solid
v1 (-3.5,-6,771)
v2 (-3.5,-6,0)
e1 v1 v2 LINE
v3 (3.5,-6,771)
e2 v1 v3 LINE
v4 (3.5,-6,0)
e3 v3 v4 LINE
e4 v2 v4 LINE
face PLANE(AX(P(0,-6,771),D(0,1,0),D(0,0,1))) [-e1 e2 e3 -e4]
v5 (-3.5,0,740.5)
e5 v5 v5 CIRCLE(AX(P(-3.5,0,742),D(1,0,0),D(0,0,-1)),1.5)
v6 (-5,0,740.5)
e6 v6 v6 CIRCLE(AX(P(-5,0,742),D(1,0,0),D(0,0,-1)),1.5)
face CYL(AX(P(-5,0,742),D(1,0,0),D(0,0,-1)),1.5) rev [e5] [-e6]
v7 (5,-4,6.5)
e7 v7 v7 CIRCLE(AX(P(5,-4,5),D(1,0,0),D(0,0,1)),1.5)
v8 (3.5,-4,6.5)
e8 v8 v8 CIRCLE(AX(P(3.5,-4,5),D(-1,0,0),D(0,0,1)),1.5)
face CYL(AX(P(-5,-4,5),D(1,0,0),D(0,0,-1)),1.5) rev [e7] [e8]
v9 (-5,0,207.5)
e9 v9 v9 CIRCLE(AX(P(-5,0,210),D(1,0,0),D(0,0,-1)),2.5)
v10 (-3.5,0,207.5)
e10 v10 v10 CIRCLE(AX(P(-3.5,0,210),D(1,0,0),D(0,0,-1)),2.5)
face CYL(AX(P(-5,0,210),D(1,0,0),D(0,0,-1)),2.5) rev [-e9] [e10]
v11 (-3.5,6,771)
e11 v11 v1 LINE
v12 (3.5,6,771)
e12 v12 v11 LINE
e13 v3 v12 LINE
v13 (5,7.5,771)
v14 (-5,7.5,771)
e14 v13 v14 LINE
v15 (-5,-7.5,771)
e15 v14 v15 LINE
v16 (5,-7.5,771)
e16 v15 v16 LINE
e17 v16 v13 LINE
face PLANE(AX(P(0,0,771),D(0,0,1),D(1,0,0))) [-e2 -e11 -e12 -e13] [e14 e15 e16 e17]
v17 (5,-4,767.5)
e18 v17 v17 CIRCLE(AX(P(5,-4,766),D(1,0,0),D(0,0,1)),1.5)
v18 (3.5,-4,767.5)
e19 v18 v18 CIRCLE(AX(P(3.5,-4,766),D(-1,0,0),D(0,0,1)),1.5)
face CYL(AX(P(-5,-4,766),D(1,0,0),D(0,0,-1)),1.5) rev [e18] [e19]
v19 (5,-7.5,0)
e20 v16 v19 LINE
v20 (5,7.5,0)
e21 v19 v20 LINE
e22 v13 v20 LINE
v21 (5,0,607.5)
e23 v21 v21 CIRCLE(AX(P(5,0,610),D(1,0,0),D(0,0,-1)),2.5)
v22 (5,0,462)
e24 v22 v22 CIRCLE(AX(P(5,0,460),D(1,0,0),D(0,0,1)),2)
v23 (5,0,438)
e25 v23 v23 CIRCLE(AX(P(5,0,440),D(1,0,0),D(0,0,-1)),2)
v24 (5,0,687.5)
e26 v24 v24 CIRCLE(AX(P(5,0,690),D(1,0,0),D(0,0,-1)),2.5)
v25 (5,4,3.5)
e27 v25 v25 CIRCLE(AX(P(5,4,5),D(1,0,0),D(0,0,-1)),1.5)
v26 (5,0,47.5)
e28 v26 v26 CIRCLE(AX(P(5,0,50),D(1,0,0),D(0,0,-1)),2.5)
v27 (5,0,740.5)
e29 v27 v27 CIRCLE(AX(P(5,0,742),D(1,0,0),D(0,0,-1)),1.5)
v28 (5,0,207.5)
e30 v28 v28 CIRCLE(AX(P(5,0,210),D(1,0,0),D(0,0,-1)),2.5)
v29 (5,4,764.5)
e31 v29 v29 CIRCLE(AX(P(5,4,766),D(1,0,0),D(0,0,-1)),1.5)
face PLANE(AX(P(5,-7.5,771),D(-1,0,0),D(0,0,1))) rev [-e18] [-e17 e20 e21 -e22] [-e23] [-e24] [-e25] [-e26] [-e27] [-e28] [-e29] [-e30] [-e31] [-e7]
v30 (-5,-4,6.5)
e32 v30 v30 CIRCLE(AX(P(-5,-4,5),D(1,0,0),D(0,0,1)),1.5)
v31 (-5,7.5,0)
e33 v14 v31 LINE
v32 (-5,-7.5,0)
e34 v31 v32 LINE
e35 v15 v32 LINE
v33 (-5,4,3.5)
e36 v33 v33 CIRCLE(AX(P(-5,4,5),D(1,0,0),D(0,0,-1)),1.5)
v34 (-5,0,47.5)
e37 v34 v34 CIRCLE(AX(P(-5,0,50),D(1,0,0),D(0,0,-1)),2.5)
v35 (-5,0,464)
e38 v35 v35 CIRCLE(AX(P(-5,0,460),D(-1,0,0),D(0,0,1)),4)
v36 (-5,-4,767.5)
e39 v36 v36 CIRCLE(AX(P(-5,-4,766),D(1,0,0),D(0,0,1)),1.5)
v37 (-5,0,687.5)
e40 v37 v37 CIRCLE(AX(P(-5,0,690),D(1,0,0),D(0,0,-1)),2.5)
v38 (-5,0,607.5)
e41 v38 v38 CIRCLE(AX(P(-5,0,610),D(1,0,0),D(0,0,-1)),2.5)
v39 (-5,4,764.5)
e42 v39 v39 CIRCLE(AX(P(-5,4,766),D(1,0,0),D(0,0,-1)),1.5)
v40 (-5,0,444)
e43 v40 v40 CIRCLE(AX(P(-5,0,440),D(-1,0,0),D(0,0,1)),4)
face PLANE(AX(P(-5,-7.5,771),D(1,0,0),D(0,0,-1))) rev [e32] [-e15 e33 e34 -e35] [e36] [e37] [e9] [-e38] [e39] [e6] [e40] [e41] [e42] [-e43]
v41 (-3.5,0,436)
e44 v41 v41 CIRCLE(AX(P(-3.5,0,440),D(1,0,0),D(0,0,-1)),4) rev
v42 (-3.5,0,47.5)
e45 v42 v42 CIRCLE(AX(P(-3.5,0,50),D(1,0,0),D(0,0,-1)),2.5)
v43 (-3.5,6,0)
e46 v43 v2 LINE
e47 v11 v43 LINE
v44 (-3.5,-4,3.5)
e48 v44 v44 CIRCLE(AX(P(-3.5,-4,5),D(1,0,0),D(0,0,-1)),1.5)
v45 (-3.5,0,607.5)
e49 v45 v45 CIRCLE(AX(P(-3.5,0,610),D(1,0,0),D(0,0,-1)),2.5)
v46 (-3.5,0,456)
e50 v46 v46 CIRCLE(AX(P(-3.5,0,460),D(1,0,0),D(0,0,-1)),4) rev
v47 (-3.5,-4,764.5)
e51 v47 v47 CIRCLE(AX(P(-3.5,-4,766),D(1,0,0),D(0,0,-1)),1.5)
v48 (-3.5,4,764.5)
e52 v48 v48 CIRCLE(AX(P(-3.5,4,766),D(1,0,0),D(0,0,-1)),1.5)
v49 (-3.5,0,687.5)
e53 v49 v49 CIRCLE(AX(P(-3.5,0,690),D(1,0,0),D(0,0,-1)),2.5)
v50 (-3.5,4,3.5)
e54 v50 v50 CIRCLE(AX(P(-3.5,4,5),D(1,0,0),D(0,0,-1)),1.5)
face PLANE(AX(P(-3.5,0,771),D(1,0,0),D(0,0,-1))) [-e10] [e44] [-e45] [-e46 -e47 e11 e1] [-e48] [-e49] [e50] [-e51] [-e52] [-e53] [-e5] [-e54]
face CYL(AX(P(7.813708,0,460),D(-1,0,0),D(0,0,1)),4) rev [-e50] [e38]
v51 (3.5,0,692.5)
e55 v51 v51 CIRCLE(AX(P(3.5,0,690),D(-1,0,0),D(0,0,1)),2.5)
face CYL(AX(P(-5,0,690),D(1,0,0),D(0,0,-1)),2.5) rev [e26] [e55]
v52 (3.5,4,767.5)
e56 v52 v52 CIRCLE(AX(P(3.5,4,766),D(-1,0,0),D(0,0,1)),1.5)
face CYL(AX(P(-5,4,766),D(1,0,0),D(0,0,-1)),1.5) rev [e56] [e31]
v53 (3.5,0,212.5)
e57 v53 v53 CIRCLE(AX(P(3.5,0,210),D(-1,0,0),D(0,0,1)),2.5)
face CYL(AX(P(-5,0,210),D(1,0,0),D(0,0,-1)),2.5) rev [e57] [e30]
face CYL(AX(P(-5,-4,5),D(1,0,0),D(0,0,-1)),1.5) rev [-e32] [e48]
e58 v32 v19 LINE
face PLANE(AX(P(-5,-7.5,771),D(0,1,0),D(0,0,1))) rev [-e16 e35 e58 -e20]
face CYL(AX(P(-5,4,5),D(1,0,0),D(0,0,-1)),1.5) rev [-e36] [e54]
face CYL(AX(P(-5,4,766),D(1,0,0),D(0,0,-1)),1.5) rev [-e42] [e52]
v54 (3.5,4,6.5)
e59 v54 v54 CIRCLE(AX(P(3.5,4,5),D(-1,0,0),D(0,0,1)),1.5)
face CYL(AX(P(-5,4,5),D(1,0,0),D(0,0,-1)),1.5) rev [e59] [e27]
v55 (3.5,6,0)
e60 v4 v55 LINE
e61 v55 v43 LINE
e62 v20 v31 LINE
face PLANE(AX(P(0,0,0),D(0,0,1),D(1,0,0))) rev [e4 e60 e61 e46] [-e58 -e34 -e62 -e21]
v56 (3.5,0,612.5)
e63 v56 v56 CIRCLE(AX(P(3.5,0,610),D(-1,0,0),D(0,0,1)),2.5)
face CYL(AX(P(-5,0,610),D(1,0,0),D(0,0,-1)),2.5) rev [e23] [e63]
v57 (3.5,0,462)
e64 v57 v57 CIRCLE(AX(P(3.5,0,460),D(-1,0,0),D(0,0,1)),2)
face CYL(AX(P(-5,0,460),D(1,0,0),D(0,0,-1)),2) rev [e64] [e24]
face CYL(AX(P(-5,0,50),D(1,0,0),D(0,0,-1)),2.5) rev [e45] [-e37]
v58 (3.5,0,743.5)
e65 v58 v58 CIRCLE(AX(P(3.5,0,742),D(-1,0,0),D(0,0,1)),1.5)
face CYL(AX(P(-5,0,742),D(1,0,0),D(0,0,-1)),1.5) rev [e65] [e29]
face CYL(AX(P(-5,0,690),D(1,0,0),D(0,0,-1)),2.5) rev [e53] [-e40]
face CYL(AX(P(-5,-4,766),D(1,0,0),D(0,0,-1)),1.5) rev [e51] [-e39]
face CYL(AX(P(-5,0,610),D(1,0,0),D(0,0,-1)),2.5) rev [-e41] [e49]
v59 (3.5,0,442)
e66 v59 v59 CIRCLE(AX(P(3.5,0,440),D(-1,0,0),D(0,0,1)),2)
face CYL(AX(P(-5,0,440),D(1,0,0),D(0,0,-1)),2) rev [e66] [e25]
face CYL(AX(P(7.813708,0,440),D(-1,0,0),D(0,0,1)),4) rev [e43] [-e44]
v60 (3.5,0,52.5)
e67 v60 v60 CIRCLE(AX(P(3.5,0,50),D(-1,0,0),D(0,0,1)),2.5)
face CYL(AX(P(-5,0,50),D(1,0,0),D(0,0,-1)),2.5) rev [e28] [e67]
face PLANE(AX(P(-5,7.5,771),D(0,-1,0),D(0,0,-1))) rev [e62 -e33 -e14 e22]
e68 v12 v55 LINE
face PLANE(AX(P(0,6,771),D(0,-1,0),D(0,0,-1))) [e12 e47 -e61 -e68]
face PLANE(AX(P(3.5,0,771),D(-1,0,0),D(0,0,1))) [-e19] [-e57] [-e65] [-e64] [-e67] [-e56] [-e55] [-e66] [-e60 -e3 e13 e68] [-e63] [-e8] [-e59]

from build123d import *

# Parameters (mm, degrees)
SKETCH_1_W          = 10
SKETCH_1_H          = 15
SKETCH_1_W_2        = 7
SKETCH_1_H_2        = 12
EXTRUDE_1_DEPTH     = 771
SKETCH_2_R          = 1.5
SKETCH_2_R_2        = 2.5
SKETCH_2_R_3        = 2
CUT_EXTRUDE_1_DEPTH = 772.101322784
SKETCH_3_R          = 4
CUT_EXTRUDE_2_DEPTH = 1.5


with BuildPart() as part:
    # ｽｹｯﾁ1 → 押し出し-薄板1 (new body)
    with BuildSketch(Plane.XY):
        Rectangle(SKETCH_1_W, SKETCH_1_H)
        Rectangle(SKETCH_1_W_2, SKETCH_1_H_2, mode=Mode.SUBTRACT)
    extrude(amount=EXTRUDE_1_DEPTH)

    # ｽｹｯﾁ2 → ｶｯﾄ - 押し出し1 (cut, through all)
    with BuildSketch(Plane(origin=(5, 0, 0), x_dir=(0, 0, -1), z_dir=(1, 0, 0))):
        with Locations((-5, 4)):
            Circle(SKETCH_2_R)
        with Locations((-5, -4)):
            Circle(SKETCH_2_R)
        with Locations((-766, 4)):
            Circle(SKETCH_2_R)
        with Locations((-766, -4)):
            Circle(SKETCH_2_R)
        with Locations((-50, 0)):
            Circle(SKETCH_2_R_2)
        with Locations((-742, 0)):
            Circle(SKETCH_2_R)
        with Locations((-690, 0)):
            Circle(SKETCH_2_R_2)
        with Locations((-440, 0)):
            Circle(SKETCH_2_R_3)
        with Locations((-460, 0)):
            Circle(SKETCH_2_R_3)
        with Locations((-610, 0)):
            Circle(SKETCH_2_R_2)
        with Locations((-210, 0)):
            Circle(SKETCH_2_R_2)
    extrude(amount=-CUT_EXTRUDE_1_DEPTH, mode=Mode.SUBTRACT)

    # ｽｹｯﾁ3 → ｶｯﾄ - 押し出し2 (cut)
    with BuildSketch(Plane.ZY.offset(5)):
        with Locations((440, 0)):
            Circle(SKETCH_3_R)
        with Locations((460, 0)):
            Circle(SKETCH_3_R)
    extrude(amount=-CUT_EXTRUDE_2_DEPTH, mode=Mode.SUBTRACT)


solid = part.part
